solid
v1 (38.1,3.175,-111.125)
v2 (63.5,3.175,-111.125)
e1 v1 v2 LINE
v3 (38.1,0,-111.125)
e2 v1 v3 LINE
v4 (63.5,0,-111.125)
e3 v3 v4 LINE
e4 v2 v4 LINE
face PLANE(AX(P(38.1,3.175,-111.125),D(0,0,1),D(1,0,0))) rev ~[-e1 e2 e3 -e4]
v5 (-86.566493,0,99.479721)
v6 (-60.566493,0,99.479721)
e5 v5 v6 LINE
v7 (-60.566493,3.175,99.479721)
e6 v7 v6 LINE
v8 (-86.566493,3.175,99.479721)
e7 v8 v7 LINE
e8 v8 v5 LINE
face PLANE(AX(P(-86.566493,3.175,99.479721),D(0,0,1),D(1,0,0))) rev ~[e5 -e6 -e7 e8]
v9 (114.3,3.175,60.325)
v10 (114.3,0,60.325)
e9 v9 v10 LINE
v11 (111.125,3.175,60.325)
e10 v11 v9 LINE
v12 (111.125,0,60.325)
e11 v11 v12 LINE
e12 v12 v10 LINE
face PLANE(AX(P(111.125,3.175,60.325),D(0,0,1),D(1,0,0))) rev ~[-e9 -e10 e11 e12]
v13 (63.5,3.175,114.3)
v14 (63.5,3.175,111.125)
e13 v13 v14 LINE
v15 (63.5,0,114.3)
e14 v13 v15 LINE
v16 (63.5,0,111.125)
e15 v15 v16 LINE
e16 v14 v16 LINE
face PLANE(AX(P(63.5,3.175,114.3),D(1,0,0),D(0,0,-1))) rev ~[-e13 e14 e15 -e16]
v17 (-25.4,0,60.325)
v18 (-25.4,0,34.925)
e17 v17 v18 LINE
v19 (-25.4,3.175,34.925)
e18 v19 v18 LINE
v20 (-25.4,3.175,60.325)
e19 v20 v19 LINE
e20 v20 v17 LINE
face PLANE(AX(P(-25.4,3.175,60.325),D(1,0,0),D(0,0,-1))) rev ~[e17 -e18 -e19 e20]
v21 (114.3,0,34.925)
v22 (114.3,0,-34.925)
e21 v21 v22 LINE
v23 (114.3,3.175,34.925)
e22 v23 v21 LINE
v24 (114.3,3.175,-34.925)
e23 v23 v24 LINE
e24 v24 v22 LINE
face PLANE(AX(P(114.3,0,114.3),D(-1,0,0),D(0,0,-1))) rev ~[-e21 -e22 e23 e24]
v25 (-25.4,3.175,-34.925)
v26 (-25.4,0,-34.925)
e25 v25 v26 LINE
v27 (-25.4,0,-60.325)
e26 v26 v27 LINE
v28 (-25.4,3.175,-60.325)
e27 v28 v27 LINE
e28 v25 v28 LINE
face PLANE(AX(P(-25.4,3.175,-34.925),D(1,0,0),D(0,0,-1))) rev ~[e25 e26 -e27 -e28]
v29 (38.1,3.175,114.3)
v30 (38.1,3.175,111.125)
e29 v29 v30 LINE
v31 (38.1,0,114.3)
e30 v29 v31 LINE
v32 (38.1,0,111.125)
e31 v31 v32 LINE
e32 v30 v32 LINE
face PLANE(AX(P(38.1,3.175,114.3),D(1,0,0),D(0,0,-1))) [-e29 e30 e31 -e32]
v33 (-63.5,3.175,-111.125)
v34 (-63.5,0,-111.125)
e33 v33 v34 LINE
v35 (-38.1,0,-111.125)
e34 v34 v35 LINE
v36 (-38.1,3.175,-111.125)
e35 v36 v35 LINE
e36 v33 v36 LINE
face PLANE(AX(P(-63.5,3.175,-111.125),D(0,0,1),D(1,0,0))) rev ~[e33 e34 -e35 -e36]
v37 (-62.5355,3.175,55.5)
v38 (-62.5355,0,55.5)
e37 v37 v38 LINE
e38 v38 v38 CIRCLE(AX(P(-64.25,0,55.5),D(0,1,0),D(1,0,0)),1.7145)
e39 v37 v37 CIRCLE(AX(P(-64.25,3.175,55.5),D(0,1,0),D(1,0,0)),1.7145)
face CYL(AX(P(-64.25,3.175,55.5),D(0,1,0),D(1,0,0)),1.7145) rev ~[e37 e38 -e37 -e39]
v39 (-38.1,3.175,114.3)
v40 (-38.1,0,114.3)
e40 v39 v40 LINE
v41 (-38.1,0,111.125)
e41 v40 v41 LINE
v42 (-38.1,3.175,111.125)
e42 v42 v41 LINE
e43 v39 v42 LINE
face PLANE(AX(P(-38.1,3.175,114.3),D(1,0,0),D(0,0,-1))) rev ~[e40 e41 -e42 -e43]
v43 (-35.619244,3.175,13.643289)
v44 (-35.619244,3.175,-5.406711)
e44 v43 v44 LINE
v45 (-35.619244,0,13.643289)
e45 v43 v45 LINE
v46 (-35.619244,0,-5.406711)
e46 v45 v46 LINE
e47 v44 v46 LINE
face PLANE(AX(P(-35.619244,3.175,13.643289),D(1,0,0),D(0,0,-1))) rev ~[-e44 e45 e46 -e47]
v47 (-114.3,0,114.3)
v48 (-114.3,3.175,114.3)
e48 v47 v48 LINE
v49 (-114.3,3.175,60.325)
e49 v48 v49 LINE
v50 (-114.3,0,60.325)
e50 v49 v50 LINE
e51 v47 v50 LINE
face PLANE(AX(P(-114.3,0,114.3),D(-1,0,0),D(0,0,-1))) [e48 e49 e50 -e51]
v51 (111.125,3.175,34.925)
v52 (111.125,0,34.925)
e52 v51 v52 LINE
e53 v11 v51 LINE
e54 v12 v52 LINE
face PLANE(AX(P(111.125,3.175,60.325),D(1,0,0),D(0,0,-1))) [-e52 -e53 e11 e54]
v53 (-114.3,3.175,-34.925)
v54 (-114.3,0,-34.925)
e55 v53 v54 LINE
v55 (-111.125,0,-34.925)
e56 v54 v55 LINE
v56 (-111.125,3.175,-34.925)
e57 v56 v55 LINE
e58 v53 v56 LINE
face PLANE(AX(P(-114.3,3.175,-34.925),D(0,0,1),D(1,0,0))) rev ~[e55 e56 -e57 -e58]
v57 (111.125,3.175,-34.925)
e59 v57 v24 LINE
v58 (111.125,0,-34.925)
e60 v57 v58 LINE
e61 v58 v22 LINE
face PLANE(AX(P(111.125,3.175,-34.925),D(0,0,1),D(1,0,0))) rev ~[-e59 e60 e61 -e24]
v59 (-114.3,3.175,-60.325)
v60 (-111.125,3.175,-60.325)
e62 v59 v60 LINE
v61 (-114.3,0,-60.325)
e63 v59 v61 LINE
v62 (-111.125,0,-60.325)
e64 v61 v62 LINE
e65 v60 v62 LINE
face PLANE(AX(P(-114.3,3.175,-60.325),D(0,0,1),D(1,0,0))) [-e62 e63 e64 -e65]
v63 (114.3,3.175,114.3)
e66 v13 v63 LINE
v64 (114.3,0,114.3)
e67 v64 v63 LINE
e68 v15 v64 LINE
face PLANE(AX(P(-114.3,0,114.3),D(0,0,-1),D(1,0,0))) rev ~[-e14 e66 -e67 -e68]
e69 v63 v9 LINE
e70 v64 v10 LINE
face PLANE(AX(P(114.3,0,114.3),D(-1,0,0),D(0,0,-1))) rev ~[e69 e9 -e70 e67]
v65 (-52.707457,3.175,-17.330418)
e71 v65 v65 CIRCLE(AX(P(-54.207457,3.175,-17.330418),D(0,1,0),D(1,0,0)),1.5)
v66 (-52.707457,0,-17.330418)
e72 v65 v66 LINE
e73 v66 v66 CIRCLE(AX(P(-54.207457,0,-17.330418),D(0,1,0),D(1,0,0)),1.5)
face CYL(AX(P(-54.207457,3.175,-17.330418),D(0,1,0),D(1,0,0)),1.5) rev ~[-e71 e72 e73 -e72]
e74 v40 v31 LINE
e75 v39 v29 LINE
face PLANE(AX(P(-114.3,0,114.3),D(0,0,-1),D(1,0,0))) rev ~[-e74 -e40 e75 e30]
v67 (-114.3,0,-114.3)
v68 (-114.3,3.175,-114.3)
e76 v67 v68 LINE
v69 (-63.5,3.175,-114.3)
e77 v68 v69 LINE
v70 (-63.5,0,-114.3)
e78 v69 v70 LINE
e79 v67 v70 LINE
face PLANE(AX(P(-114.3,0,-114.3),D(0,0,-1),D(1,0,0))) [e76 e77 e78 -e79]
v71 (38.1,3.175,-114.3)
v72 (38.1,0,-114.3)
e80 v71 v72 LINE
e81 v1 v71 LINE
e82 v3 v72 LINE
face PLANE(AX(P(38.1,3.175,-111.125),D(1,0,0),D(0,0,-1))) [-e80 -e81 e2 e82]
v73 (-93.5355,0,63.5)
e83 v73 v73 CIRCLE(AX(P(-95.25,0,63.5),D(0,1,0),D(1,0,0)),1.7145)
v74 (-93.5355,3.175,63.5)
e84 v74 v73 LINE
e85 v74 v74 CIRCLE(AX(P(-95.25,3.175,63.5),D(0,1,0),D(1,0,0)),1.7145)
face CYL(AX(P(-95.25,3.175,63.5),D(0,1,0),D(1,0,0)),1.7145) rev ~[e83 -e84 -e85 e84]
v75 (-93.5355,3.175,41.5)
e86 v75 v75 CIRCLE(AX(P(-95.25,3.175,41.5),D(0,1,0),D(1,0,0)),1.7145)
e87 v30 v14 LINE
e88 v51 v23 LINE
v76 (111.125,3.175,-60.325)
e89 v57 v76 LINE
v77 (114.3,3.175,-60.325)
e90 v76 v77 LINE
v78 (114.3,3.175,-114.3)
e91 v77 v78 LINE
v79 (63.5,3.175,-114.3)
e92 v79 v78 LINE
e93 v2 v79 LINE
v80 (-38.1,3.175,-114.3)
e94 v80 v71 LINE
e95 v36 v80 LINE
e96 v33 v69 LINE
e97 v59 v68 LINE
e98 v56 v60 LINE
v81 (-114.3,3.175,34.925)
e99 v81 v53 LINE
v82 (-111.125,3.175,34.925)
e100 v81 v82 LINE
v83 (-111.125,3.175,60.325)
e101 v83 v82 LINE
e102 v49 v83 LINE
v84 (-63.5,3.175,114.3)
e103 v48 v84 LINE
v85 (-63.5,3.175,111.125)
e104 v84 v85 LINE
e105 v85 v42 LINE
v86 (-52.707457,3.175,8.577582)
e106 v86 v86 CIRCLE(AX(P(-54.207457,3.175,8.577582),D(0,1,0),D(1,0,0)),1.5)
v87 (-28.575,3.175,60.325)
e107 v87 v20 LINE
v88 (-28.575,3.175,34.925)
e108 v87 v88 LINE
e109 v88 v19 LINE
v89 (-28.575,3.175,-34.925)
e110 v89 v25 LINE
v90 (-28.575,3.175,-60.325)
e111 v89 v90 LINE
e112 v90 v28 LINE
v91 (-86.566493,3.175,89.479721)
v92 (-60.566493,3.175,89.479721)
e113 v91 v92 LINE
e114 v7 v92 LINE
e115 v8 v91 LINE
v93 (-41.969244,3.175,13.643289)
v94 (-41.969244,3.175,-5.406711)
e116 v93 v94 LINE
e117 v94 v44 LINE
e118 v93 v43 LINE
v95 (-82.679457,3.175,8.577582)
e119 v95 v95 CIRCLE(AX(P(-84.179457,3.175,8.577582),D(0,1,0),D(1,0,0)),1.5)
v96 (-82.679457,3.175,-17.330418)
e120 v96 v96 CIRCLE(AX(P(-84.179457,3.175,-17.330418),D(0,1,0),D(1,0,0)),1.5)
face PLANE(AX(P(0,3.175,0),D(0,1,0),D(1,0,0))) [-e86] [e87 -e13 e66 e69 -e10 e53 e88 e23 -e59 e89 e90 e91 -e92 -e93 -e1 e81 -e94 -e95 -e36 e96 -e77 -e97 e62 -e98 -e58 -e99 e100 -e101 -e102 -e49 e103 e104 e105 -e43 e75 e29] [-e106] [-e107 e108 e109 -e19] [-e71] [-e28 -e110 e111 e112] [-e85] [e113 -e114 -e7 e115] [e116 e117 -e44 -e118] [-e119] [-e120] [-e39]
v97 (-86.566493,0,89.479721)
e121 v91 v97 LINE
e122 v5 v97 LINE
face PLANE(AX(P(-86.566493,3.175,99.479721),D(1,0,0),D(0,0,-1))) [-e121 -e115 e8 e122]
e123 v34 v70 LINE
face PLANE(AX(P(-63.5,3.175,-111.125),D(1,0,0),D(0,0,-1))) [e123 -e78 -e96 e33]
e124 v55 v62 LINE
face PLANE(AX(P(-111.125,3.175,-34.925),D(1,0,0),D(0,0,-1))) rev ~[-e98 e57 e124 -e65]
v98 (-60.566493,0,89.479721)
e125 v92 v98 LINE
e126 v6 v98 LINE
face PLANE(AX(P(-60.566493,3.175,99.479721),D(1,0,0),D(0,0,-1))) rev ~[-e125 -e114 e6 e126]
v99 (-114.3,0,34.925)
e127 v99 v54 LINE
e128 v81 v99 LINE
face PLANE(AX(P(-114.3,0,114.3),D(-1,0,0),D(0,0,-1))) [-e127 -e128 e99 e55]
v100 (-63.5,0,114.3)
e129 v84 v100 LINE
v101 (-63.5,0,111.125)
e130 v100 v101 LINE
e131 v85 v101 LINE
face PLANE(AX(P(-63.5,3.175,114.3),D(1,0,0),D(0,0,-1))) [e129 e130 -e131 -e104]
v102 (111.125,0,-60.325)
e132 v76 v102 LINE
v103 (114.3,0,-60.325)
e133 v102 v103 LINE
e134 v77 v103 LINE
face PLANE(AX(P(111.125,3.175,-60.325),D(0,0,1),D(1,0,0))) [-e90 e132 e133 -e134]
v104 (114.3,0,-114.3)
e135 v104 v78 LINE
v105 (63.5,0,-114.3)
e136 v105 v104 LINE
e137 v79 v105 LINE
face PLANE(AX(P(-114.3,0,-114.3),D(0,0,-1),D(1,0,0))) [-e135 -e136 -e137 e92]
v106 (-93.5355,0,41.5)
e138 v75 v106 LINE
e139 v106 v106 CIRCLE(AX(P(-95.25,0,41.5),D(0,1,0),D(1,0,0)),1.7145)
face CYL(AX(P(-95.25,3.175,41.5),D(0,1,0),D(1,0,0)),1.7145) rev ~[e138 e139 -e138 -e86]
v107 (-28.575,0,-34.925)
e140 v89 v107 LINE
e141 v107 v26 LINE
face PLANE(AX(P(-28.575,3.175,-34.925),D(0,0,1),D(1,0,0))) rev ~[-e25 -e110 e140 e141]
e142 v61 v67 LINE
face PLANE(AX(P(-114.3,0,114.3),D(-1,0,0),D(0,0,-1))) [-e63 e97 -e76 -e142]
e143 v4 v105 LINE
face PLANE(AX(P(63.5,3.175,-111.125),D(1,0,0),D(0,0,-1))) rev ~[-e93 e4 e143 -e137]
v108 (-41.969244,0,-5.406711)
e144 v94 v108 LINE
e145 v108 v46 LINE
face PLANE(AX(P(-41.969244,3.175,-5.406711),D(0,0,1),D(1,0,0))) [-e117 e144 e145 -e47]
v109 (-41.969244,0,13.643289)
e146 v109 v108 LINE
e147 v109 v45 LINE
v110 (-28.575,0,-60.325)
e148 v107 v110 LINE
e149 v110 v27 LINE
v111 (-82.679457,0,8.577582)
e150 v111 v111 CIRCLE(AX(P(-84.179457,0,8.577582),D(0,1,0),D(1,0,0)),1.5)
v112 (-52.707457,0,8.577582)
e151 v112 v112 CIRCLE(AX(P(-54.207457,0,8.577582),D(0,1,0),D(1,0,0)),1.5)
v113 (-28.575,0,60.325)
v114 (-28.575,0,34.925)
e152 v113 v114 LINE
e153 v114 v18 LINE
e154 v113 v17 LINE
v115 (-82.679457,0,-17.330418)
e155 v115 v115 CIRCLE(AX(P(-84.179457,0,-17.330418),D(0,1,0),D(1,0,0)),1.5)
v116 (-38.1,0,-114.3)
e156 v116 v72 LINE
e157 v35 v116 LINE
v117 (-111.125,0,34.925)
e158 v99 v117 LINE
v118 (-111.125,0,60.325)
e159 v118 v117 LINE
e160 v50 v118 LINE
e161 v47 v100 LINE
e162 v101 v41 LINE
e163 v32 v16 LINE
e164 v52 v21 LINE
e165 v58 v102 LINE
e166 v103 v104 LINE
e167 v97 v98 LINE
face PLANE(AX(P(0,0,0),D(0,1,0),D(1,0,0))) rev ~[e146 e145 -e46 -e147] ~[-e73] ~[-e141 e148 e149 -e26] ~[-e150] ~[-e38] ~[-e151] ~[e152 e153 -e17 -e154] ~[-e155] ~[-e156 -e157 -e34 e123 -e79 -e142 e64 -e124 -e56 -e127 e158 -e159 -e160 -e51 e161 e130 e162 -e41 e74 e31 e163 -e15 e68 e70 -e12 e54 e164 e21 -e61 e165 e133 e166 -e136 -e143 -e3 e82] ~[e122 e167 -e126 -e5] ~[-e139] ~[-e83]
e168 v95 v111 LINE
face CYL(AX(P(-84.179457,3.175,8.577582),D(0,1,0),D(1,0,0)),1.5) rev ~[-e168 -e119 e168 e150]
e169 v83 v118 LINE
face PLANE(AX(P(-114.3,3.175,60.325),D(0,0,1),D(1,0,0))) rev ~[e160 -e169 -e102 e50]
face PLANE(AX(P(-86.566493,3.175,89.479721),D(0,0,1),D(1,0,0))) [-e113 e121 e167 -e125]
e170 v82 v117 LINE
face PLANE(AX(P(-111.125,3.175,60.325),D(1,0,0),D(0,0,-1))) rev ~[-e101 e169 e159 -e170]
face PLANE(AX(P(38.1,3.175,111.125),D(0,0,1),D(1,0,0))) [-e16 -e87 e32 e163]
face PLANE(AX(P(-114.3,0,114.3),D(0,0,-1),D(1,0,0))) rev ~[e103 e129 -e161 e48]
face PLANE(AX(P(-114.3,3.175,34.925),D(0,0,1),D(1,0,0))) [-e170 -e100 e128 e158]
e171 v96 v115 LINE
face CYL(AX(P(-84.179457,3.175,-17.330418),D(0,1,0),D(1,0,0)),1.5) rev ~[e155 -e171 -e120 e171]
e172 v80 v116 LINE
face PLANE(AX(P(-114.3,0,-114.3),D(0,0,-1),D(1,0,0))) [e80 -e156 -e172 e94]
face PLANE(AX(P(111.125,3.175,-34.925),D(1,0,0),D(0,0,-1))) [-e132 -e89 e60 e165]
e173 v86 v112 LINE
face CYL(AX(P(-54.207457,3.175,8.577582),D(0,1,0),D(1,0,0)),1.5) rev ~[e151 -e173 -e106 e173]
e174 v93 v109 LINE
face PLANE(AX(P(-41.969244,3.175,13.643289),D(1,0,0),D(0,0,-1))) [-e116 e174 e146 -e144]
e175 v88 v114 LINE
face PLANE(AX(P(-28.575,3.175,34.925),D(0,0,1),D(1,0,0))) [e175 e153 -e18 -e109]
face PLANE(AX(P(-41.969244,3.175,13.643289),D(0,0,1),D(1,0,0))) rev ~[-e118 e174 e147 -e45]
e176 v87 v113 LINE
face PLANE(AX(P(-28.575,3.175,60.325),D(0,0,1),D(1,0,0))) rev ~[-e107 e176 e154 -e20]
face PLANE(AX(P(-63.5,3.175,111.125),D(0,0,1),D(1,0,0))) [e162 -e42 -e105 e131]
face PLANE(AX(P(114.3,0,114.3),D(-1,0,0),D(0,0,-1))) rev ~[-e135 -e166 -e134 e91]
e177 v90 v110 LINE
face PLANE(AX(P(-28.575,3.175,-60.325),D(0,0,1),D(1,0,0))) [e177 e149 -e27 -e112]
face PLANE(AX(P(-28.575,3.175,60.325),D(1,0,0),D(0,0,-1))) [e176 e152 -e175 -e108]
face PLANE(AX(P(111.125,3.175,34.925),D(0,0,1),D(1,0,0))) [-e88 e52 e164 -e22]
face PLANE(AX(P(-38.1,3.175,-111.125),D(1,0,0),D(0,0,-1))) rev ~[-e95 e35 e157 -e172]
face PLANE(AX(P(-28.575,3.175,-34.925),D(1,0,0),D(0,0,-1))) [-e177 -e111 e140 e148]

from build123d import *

# Parameters (mm, degrees)
SKETCH1_W           = 228.6
SKETCH1_H           = 228.6
BOSS_EXTRUDE1_DEPTH = 3.175
SKETCH2_R           = 1.7145
SKETCH2_R_2         = 1.5
SKETCH2_W           = 26
SKETCH2_H           = 10.000000066
SKETCH2_W_2         = 6.35
SKETCH2_H_2         = 19.05
CUT_EXTRUDE1_DEPTH  = 4.175
SKETCH3_W           = 3.175
SKETCH3_H           = 25.4
SKETCH3_W_2         = 25.4
SKETCH3_H_2         = 3.175
CUT_EXTRUDE2_DEPTH  = 4.175


with BuildPart() as part:
    # Sketch1 → Boss-Extrude1 (new body)
    with BuildSketch(Plane(origin=(0, 0, 0), x_dir=(1, 0, 0), z_dir=(0, 1, 0))):
        Rectangle(SKETCH1_W, SKETCH1_H)
    extrude(amount=BOSS_EXTRUDE1_DEPTH)

    # Sketch2 → Cut-Extrude1 (cut, through all)
    with BuildSketch(Plane(origin=(0, 3.175, 0), x_dir=(1, 0, 0), z_dir=(0, 1, 0))):
        with Locations((-95.250000001, -63.5)):
            Circle(SKETCH2_R)
        with Locations((-95.25, -41.5)):
            Circle(SKETCH2_R)
        with Locations((-64.250000001, -55.5)):
            Circle(SKETCH2_R)
        with Locations((-84.179457051, 17.330418354)):
            Circle(SKETCH2_R_2)
        with Locations((-54.207457051, 17.330418354)):
            Circle(SKETCH2_R_2)
        with Locations((-54.207457051, -8.577581646)):
            Circle(SKETCH2_R_2)
        with Locations((-84.179457051, -8.577581646)):
            Circle(SKETCH2_R_2)
        with Locations((-73.56649281, -94.479721333)):
            Rectangle(SKETCH2_W, SKETCH2_H)
        with Locations((-38.794244325, -4.118289102)):
            Rectangle(SKETCH2_W_2, SKETCH2_H_2)
    extrude(amount=-CUT_EXTRUDE1_DEPTH, mode=Mode.SUBTRACT)

    # Sketch3 → Cut-Extrude2 (cut, through all)
    with BuildSketch(Plane(origin=(0, 3.175, 0), x_dir=(1, 0, 0), z_dir=(0, 1, 0))):
        with Locations((-112.7125, 47.625)):
            Rectangle(SKETCH3_W, SKETCH3_H)
        with Locations((-112.7125, -47.625)):
            Rectangle(SKETCH3_W, SKETCH3_H)
        with Locations((112.7125, 47.625)):
            Rectangle(SKETCH3_W, SKETCH3_H)
        with Locations((112.7125, -47.625)):
            Rectangle(SKETCH3_W, SKETCH3_H)
        with Locations((50.8, -112.7125)):
            Rectangle(SKETCH3_W_2, SKETCH3_H_2)
        with Locations((-50.8, -112.7125)):
            Rectangle(SKETCH3_W_2, SKETCH3_H_2)
        with Locations((-50.8, 112.7125)):
            Rectangle(SKETCH3_W_2, SKETCH3_H_2)
        with Locations((50.8, 112.7125)):
            Rectangle(SKETCH3_W_2, SKETCH3_H_2)
        with Locations((-26.9875, -47.625)):
            Rectangle(SKETCH3_W, SKETCH3_H)
        with Locations((-26.9875, 47.625)):
            Rectangle(SKETCH3_W, SKETCH3_H)
    extrude(amount=-CUT_EXTRUDE2_DEPTH, mode=Mode.SUBTRACT)


solid = part.part
